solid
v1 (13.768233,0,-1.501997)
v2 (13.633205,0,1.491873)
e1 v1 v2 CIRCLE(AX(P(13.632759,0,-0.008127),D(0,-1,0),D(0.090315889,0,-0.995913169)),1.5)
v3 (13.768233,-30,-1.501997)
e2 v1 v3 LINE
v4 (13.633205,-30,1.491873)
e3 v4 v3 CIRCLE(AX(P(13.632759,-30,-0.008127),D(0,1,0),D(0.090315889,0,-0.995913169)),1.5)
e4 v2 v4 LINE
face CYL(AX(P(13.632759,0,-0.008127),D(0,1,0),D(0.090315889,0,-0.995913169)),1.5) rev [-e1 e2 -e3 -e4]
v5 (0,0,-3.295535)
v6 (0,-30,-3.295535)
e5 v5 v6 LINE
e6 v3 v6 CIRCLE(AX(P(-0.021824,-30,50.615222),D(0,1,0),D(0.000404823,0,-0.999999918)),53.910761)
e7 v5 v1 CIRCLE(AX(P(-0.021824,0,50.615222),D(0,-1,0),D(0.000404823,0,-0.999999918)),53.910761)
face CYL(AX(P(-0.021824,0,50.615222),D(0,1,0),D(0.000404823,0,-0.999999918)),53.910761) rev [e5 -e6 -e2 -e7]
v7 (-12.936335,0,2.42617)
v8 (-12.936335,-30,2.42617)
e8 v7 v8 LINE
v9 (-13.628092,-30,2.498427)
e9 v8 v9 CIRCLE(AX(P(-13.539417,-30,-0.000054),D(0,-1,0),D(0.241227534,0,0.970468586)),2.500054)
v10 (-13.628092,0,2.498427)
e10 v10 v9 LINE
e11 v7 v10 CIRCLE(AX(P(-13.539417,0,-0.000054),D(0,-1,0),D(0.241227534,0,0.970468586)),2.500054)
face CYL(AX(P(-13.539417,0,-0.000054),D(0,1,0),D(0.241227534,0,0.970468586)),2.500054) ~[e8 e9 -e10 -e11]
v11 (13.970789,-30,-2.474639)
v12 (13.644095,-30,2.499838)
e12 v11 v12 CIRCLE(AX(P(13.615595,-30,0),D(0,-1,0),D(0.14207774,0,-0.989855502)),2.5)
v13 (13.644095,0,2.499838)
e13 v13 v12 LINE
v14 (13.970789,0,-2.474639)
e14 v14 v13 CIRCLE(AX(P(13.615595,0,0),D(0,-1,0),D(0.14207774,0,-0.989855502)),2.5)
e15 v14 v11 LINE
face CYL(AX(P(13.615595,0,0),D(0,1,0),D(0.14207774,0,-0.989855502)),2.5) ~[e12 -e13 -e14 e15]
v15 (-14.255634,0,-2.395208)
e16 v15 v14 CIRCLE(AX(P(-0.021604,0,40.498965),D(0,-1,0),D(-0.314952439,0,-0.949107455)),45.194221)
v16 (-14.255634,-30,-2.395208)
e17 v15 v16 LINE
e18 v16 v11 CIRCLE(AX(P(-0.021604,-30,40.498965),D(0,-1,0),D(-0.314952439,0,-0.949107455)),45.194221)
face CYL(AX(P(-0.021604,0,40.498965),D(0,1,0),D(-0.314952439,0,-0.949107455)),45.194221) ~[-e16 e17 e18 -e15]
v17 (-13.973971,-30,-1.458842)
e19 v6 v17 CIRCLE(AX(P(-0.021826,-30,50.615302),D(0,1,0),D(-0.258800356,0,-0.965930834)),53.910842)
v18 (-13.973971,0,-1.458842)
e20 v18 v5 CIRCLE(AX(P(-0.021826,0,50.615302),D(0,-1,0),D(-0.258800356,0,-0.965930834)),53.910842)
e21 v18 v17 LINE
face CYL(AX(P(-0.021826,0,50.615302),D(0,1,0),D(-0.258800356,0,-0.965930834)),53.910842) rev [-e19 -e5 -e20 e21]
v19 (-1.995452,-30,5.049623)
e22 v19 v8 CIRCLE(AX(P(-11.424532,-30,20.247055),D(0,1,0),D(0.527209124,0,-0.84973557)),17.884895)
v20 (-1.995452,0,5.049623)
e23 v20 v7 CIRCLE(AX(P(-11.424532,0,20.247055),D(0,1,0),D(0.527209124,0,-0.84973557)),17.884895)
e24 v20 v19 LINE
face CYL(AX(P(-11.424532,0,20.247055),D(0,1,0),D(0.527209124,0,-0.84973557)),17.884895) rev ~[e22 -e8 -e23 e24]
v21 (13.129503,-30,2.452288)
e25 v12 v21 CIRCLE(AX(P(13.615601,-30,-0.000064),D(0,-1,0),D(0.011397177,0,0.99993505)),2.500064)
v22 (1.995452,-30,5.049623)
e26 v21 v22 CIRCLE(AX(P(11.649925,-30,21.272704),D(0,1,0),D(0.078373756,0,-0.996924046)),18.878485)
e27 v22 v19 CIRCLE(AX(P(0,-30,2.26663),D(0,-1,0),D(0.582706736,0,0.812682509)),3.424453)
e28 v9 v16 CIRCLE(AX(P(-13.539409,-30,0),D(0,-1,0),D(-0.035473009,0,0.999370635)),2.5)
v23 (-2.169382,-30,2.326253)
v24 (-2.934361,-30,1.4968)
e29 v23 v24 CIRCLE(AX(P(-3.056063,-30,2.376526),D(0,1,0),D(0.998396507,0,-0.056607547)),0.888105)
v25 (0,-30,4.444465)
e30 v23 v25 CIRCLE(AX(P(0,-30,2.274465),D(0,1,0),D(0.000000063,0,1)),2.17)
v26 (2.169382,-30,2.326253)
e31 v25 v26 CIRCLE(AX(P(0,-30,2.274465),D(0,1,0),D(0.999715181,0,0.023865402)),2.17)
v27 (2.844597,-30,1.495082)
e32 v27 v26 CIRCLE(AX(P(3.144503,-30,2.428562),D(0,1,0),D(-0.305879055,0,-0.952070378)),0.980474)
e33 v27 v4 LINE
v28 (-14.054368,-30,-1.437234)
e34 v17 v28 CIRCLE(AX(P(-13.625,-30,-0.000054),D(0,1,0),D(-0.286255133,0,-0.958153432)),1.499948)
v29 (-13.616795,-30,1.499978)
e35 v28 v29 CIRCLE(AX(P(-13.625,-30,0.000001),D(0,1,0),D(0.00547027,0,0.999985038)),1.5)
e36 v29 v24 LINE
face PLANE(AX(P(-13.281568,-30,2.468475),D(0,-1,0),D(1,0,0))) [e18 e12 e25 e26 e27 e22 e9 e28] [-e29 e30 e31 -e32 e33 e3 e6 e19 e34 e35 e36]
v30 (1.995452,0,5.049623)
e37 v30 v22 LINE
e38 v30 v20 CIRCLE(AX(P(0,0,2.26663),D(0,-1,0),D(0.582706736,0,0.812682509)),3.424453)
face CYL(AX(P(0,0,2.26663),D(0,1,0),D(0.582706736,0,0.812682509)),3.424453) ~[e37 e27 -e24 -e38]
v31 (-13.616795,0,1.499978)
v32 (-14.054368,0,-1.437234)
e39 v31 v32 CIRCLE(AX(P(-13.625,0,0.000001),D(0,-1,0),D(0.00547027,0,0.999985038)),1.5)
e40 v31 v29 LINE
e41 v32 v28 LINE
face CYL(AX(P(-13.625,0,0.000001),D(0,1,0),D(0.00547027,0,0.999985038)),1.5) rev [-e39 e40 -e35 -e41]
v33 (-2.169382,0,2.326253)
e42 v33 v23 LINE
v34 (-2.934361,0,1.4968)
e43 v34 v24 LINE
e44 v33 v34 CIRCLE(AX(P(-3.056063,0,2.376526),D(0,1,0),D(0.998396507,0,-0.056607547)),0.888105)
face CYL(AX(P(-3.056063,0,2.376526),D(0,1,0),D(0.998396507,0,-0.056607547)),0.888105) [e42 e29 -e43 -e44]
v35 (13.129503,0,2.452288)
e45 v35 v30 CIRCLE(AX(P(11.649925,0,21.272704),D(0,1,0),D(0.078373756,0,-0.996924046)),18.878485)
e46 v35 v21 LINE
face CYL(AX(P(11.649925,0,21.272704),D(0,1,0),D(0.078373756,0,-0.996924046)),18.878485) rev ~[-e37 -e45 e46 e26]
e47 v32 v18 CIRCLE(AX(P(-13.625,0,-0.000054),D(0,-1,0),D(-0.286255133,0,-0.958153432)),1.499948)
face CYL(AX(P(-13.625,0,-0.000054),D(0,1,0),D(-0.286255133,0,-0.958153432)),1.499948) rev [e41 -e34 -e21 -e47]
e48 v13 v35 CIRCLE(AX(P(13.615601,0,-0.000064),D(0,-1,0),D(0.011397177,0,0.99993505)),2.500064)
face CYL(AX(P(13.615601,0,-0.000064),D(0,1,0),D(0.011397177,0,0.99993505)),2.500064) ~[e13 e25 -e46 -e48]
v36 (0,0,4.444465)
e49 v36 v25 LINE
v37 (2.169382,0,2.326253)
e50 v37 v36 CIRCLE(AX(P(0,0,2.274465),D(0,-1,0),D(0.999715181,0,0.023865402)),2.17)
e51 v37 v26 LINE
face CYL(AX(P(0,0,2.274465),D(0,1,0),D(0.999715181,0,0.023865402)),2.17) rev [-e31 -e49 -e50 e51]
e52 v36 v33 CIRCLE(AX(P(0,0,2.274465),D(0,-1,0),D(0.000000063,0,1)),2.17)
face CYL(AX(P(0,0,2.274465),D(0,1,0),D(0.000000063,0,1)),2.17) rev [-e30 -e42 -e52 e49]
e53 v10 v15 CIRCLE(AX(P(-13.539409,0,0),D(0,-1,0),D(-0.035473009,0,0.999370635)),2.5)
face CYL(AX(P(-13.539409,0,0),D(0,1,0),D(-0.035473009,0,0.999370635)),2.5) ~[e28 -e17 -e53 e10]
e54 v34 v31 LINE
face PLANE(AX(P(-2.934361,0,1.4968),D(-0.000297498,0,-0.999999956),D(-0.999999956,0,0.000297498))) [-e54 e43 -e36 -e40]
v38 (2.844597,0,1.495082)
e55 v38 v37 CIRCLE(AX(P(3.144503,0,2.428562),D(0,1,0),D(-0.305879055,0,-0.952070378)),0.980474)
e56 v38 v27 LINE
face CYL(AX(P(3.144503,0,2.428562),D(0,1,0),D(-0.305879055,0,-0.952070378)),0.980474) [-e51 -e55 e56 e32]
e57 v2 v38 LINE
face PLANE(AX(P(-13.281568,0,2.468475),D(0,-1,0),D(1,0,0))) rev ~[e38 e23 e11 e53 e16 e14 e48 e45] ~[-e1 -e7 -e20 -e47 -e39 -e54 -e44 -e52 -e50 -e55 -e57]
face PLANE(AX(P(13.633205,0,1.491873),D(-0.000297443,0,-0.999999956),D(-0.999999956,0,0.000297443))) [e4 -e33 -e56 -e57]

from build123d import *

# Parameters (mm, degrees)
F2_DEPTH = 30
F3_DEPTH = 30.001


with BuildPart() as f2:
    # F1 (on Front) → F2 (new body)
    with BuildSketch(Plane.XZ):
        with BuildLine():
            ThreePointArc((-13.628092, 2.498427), (-13.282564, 2.458935), (-12.936335, 2.42617))
            ThreePointArc((-12.936335, 2.42617), (-13.279688, 2.486472), (-13.628092, 2.498427))
        make_face()
        with BuildLine():
            ThreePointArc((-1.995452, 5.049623), (-7.254227, 2.855159), (-12.936335, 2.42617))
            ThreePointArc((-12.936335, 2.42617), (-13.282564, 2.458935), (-13.628092, 2.498427))
            ThreePointArc((-13.628092, 2.498427), (-16.019104, 0.317987), (-14.255634, -2.395208))
            ThreePointArc((-14.255634, -2.395208), (-0.148783, -4.695078), (13.970789, -2.474639))
            ThreePointArc((13.970789, -2.474639), (16.110221, 0.163832), (13.644095, 2.499838))
            ThreePointArc((13.644095, 2.499838), (13.386962, 2.474302), (13.129503, 2.452288))
            ThreePointArc((13.129503, 2.452288), (7.36113, 2.887834), (1.995452, 5.049623))
            ThreePointArc((1.995452, 5.049623), (0, 5.691083), (-1.995452, 5.049623))
        make_face()
        with BuildLine():
            ThreePointArc((13.644095, 2.499838), (13.385567, 2.489395), (13.129503, 2.452288))
            ThreePointArc((13.129503, 2.452288), (13.386962, 2.474302), (13.644095, 2.499838))
        make_face()
    extrude(amount=F2_DEPTH)

    # F0 (on Front) → F3 (cut, through all)
    with BuildSketch(Plane.XZ):
        with BuildLine():
            Line((-2.934361, 1.4968), (-13.616795, 1.499978))
            ThreePointArc((-13.616795, 1.499978), (-15.108627, 0.221025), (-14.054368, -1.437234))
            ThreePointArc((-14.054368, -1.437234), (-14.014174, -1.448054), (-13.973971, -1.458842))
            ThreePointArc((-13.973971, -1.458842), (-7.047266, -2.835816), (0, -3.295535))
            Line((0, -3.295535), (0, 4.444465))
            ThreePointArc((0, 4.444465), (-1.516001, 3.827089), (-2.169382, 2.326253))
            ThreePointArc((-2.169382, 2.326253), (-2.403217, 1.774428), (-2.934361, 1.4968))
        make_face()
        with BuildLine():
            ThreePointArc((-13.973971, -1.458842), (-14.014174, -1.448054), (-14.054368, -1.437234))
            ThreePointArc((-14.054368, -1.437234), (-14.014319, -1.448596), (-13.973971, -1.458842))
        make_face()
        with BuildLine():
            Line((0, 4.444465), (0, -3.295535))
            ThreePointArc((0, -3.295535), (6.942098, -2.843865), (13.768233, -1.501997))
            ThreePointArc((13.768233, -1.501997), (15.131236, 0.059457), (13.633205, 1.491873))
            Line((13.633205, 1.491873), (2.844597, 1.495082))
            ThreePointArc((2.844597, 1.495082), (2.383494, 1.810344), (2.169382, 2.326253))
            ThreePointArc((2.169382, 2.326253), (1.516001, 3.827089), (0, 4.444465))
        make_face()
    extrude(amount=F3_DEPTH, mode=Mode.SUBTRACT)


solid = f2.part
